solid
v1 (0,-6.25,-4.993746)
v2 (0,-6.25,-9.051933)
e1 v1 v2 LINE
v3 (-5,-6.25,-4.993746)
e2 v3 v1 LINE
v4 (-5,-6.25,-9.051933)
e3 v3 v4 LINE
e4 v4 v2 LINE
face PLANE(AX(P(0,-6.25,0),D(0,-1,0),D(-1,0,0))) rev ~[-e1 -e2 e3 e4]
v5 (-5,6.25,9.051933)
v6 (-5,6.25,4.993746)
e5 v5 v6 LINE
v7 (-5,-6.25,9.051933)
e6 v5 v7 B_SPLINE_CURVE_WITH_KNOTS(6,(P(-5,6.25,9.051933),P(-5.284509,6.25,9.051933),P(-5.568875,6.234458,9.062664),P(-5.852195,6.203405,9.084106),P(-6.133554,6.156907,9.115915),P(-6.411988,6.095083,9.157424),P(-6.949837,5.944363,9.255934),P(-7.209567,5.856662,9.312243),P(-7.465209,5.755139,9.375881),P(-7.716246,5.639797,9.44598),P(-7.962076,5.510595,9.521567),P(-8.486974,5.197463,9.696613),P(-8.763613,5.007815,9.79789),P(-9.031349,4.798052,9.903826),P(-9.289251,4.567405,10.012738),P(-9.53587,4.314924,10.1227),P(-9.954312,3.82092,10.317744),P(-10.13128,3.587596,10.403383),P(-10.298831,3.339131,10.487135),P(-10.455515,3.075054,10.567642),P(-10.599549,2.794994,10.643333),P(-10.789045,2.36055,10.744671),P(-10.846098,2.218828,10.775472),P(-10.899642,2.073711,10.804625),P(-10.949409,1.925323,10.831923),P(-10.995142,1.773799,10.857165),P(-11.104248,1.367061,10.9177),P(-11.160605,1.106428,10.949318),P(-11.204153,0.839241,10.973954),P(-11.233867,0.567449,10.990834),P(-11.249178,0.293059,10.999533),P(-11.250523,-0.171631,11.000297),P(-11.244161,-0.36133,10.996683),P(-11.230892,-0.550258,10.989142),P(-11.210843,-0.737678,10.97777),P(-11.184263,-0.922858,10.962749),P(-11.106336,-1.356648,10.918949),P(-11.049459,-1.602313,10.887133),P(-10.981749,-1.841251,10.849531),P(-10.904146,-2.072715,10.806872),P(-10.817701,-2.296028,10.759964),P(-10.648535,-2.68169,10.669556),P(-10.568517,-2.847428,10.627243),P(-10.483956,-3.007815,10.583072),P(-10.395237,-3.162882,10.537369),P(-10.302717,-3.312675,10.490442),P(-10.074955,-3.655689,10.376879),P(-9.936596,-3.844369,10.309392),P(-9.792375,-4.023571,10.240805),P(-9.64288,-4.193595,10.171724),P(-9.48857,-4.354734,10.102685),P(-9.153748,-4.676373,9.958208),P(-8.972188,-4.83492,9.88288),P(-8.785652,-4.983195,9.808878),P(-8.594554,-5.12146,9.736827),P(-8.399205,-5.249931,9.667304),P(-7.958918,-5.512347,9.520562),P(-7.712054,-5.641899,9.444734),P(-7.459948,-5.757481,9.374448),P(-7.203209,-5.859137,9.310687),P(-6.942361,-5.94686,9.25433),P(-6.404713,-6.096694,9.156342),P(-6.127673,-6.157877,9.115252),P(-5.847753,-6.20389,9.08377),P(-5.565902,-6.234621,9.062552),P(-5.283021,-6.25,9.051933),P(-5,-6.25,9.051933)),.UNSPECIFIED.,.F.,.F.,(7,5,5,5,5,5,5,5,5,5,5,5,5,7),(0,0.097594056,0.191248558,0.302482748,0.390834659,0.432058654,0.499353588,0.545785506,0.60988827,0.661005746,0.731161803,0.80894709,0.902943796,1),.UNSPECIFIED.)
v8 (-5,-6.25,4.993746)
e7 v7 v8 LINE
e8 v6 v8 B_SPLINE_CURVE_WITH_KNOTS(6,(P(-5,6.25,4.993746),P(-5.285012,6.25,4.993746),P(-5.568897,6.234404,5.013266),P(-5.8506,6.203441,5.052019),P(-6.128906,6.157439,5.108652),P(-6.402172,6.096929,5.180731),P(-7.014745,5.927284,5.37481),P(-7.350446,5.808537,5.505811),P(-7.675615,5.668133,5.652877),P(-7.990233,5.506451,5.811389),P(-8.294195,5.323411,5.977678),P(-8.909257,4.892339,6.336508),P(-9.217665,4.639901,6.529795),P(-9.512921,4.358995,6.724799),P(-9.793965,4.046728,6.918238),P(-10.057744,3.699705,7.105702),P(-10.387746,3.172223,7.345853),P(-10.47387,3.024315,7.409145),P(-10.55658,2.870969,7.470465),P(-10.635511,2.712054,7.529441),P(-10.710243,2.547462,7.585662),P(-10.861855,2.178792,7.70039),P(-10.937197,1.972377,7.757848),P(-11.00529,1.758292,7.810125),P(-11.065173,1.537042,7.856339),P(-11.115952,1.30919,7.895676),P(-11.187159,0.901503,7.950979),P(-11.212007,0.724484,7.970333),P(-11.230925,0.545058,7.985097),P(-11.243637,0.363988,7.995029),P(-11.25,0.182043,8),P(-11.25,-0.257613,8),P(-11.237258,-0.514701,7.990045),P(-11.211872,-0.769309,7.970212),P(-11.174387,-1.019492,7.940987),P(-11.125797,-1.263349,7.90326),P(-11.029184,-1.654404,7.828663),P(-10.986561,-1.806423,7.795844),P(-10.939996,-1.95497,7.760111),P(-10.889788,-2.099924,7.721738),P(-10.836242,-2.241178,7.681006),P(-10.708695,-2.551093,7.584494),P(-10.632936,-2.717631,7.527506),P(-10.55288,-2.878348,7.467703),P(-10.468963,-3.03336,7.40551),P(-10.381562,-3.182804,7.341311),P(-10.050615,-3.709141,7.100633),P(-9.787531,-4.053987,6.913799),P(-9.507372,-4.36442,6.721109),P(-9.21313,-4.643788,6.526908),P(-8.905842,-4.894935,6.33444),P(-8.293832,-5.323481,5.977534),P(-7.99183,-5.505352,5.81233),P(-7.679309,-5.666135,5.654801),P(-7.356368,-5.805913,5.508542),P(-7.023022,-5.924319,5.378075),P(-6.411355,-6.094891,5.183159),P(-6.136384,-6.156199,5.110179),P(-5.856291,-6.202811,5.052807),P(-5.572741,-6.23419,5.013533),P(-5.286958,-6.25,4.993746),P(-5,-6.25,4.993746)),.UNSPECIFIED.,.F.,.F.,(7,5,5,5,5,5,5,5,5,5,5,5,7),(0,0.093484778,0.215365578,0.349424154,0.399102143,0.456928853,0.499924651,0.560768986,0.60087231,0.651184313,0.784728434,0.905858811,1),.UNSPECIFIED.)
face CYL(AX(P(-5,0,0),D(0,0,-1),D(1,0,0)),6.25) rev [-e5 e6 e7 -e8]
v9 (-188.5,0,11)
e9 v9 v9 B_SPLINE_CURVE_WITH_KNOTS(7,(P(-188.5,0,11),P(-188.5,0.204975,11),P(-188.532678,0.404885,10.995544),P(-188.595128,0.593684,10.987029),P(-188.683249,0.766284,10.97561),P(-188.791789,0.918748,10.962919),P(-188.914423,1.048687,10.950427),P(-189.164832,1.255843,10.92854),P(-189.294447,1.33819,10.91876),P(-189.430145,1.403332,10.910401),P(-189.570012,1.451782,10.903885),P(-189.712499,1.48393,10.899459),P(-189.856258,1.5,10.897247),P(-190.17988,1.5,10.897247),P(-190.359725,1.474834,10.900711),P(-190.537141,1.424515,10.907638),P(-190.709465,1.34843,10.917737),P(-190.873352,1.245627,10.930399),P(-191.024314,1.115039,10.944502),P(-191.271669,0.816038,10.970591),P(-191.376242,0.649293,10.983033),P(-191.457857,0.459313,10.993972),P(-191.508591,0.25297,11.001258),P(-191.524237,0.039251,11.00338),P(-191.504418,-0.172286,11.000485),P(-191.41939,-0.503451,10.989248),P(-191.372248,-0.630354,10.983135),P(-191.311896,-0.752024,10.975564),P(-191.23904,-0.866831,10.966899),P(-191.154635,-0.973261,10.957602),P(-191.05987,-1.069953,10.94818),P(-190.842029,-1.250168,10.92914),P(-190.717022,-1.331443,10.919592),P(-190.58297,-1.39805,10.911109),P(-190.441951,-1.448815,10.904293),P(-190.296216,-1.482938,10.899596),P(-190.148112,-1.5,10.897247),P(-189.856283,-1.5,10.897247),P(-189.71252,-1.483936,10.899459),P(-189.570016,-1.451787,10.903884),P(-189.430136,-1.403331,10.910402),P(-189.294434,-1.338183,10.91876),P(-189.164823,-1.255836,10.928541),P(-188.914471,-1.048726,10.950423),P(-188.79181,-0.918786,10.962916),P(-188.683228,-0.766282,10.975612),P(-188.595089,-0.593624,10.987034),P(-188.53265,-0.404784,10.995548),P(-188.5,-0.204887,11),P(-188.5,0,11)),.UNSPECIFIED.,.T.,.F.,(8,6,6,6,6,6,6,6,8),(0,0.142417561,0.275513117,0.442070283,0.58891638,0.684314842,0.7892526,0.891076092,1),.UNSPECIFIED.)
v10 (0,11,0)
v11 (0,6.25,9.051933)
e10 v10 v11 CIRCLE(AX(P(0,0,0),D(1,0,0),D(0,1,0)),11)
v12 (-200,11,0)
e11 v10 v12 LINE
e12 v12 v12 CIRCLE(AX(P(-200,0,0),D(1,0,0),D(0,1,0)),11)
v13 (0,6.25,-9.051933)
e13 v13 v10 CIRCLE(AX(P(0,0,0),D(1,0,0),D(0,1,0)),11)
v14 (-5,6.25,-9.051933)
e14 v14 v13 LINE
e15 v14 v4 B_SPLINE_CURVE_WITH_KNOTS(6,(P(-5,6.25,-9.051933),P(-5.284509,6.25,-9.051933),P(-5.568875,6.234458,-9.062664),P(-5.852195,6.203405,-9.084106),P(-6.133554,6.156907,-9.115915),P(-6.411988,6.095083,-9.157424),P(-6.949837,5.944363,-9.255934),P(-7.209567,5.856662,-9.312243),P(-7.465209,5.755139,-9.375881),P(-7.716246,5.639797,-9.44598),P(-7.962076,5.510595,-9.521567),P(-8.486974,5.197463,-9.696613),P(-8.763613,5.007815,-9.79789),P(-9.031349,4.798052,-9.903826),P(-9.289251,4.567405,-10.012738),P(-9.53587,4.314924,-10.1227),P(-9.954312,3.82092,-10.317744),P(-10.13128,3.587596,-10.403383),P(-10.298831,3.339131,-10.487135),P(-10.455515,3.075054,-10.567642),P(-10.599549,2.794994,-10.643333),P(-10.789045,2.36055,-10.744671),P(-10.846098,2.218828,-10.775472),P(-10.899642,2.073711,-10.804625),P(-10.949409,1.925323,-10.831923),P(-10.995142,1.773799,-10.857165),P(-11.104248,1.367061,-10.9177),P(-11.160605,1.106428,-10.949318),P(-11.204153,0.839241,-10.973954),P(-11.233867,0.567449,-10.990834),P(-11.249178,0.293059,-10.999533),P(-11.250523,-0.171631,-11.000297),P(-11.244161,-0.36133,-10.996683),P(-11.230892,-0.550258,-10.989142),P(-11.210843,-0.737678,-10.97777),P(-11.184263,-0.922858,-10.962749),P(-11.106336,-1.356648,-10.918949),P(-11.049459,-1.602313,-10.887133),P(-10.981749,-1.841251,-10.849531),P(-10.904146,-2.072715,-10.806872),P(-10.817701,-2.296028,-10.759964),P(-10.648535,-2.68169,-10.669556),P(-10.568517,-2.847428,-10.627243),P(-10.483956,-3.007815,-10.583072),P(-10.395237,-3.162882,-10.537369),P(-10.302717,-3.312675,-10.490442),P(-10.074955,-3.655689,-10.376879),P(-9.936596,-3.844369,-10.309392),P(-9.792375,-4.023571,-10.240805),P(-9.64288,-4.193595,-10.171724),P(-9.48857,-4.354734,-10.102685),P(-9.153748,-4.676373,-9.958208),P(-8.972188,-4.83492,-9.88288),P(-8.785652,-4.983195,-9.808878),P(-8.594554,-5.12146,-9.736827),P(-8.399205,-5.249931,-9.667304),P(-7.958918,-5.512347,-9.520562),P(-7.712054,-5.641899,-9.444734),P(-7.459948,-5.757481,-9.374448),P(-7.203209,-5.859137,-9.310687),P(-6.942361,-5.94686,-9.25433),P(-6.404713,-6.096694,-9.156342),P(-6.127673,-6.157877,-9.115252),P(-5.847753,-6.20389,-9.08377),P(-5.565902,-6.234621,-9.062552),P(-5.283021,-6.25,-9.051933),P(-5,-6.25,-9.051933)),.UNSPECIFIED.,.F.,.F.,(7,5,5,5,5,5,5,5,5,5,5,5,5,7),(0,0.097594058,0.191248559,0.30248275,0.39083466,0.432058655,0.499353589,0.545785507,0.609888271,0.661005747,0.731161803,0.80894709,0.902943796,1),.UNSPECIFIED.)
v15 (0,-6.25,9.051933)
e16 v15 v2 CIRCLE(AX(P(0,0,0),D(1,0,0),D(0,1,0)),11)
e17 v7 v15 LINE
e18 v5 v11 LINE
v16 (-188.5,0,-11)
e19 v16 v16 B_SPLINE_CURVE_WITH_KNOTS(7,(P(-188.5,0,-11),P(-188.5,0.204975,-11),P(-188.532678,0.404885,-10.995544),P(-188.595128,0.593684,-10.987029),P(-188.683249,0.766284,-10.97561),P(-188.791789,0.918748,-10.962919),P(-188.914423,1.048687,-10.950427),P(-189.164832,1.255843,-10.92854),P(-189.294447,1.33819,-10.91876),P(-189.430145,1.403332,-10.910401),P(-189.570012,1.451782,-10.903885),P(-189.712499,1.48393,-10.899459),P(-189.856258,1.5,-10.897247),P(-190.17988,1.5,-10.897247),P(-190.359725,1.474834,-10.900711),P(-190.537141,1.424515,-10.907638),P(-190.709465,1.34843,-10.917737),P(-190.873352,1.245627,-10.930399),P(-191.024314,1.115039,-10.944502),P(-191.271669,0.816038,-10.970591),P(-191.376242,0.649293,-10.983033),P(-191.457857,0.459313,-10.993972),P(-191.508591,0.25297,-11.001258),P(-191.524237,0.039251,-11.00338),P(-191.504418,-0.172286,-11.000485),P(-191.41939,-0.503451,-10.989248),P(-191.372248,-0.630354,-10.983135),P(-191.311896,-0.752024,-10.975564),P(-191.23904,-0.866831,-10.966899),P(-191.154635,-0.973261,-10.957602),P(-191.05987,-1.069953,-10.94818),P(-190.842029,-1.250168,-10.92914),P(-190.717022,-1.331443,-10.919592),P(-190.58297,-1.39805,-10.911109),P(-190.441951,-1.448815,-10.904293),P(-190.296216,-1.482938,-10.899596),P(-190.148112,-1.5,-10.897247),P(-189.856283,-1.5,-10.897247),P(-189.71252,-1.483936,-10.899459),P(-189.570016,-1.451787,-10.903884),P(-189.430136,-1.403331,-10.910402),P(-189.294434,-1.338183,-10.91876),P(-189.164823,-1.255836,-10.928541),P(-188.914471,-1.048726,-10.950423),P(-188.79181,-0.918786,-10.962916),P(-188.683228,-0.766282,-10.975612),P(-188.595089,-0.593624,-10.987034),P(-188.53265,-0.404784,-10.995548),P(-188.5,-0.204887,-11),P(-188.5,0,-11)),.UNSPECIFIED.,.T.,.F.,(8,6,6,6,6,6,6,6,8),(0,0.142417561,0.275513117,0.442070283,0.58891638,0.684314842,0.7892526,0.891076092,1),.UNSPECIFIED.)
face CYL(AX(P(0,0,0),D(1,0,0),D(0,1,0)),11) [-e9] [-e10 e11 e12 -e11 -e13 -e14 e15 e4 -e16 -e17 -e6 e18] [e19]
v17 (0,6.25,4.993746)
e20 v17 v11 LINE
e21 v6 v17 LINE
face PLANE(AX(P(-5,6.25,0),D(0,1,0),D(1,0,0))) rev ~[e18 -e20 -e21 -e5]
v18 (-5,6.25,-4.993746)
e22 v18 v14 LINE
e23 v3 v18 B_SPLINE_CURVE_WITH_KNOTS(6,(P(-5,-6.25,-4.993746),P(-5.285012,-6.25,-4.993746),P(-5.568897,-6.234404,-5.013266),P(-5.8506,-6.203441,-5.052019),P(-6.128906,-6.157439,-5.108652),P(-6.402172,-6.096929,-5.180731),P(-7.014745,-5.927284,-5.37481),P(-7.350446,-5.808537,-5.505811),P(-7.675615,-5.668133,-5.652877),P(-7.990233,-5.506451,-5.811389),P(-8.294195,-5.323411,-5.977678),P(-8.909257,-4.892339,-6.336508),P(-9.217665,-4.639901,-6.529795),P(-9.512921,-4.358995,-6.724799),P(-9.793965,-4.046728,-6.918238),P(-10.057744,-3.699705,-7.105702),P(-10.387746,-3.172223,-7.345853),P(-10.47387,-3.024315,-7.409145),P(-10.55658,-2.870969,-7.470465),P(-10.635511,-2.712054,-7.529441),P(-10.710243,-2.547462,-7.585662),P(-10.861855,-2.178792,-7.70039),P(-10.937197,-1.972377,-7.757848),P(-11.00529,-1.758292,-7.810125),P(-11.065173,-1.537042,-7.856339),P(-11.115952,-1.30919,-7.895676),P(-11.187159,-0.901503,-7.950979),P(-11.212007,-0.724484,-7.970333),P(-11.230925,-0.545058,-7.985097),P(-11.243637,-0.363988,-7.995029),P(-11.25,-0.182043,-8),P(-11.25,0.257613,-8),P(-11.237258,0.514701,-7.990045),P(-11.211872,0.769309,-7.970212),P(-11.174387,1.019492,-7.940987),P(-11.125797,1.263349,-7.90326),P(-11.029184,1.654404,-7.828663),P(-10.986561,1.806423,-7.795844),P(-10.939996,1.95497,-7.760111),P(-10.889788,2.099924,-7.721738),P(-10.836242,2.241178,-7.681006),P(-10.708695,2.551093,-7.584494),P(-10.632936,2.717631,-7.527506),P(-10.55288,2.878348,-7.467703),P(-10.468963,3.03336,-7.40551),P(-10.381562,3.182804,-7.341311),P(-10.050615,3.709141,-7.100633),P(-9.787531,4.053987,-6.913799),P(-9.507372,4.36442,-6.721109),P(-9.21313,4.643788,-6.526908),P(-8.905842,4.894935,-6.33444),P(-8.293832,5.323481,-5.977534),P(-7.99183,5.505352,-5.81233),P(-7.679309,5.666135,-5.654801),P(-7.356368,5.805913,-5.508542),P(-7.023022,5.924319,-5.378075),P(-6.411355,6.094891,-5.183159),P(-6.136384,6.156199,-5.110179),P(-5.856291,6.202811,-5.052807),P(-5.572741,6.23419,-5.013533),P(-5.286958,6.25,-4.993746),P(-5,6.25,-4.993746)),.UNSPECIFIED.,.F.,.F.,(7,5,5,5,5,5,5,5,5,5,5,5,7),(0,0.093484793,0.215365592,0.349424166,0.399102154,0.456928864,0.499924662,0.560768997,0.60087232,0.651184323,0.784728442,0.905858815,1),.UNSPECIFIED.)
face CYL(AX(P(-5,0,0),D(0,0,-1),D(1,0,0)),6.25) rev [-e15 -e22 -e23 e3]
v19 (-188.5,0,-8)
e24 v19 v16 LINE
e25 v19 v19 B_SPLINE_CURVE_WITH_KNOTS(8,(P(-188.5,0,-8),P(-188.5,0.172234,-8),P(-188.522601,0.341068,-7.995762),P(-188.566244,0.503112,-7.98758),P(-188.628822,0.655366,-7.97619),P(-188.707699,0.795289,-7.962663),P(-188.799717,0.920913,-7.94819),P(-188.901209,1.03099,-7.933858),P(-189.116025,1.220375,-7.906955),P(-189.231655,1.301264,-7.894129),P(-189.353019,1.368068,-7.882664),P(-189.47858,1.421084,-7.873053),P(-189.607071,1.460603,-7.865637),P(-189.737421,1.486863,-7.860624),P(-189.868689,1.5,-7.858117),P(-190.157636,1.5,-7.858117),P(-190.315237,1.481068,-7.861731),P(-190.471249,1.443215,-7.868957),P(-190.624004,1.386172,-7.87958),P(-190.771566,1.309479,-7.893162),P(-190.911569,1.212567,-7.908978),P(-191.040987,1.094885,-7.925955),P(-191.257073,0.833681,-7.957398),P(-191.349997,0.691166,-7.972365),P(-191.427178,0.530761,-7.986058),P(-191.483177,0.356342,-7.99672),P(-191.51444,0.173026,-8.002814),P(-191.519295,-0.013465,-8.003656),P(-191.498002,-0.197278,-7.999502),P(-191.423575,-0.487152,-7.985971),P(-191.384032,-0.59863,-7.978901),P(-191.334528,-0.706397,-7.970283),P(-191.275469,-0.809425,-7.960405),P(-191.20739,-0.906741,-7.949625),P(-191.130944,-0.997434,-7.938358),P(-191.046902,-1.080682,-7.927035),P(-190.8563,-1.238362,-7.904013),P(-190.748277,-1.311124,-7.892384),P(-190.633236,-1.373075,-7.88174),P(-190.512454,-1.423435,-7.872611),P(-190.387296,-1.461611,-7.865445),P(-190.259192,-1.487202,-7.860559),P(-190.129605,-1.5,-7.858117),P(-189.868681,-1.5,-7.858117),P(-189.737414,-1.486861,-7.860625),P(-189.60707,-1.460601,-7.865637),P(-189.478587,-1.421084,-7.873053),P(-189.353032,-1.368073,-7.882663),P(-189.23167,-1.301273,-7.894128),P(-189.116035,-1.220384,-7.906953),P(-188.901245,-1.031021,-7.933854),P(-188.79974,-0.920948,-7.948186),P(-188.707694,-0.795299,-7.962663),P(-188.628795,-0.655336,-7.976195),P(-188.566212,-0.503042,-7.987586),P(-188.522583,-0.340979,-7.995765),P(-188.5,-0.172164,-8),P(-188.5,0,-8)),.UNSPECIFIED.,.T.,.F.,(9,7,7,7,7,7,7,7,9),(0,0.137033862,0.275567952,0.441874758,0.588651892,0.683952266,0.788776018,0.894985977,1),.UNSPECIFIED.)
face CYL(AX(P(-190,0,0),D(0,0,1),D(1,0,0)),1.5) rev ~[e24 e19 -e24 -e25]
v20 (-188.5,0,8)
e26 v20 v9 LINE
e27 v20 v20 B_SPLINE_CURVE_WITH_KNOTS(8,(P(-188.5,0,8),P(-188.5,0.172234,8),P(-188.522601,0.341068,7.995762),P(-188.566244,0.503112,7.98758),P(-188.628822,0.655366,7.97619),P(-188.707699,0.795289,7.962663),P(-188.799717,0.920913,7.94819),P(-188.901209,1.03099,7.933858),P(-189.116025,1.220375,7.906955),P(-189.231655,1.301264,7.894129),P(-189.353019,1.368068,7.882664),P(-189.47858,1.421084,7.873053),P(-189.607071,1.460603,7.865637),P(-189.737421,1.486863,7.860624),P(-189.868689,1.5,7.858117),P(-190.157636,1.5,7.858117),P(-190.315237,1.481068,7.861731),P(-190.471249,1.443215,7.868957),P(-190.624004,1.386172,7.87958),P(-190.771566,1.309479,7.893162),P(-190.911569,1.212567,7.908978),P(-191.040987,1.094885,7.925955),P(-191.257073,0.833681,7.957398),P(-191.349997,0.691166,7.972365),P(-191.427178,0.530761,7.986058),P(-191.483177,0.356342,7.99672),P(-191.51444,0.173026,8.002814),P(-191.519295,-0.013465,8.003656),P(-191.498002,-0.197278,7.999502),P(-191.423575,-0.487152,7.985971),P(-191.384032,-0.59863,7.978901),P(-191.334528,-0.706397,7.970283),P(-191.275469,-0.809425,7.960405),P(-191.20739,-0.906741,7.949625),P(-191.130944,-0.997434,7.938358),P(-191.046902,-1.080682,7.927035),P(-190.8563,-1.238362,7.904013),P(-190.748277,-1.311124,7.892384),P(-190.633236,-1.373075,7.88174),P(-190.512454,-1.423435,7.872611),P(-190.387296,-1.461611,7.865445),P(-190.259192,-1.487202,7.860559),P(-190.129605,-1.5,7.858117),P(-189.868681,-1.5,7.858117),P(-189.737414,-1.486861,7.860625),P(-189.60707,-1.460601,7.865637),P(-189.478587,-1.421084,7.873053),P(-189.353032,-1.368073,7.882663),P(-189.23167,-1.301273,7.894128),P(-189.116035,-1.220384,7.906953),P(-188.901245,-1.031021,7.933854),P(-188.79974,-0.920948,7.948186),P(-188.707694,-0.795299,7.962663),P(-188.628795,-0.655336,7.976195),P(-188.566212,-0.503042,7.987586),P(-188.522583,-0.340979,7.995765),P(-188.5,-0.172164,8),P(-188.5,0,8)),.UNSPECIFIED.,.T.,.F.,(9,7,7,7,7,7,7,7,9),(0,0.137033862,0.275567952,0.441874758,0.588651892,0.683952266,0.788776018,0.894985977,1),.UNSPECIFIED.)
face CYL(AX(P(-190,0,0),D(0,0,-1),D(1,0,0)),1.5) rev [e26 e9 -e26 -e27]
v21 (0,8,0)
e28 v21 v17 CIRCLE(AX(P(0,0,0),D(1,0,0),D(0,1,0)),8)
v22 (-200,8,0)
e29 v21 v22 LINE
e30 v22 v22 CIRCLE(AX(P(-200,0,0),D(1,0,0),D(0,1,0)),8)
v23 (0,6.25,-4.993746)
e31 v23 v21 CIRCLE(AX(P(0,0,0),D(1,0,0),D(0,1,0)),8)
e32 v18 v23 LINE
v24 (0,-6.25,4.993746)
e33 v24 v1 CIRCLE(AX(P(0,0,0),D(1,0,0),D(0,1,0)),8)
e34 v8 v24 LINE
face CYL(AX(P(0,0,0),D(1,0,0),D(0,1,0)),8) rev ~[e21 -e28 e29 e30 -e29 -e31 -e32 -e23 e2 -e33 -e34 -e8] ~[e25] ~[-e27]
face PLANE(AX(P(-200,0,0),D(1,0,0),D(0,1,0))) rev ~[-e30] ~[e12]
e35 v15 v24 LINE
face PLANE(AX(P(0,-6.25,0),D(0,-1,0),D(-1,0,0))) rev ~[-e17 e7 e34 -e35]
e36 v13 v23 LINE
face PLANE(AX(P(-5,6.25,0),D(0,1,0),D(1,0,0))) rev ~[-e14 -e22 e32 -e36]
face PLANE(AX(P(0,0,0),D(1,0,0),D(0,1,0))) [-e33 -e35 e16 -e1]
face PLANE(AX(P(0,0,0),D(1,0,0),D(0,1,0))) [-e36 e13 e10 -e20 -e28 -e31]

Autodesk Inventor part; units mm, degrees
ref_plane "YZ Plane" through (0, 0, 0) normal (1, 0, 0) x (0, 1, 0)
ref_plane "XZ Plane" through (0, 0, 0) normal (0, 1, 0) x (-1, 0, 0)
ref_plane "XY Plane" through (0, 0, 0) normal (0, 0, 1) x (1, 0, 0)
sketch "スケッチ1" plane through (0, 0, 0) normal (1, 0, 0) x (0, 1, 0)
  circle A0 centre (0, 0) radius 11
  circle A1 centre (0, 0) radius 8
  dimension "d0" = 22
  dimension "d1" = 16
extrude "押し出し1" add sketch "スケッチ1" against normal blind 200
sketch "スケッチ2" plane through (0, 0, 0) normal (0, 0, 1) x (1, 0, 0)
  line L0 (0, 0) -> (0, 6.25)
  line L1 (0, -11) -> (0, 11) projected
  line L2 (0, 0) -> (0, -6.25)
  line L3 (0, -6.25) -> (-5, -6.25)
  line L4 (-5, -6.25) -> (-5, 6.25)
  line L5 (-5, 6.25) -> (0, 6.25)
  dimension "d4" = 6.25
  dimension "d5" = 6.25
  dimension "d6" = 5
extrude "押し出し2" cut sketch "スケッチ2" along normal mid plane 200
sketch "スケッチ3" plane through (0, 0, 0) normal (0, 0, 1) x (1, 0, 0)
  line L0 (-5, -6.25) -> (-5, 6.25) projected
  circle A0 centre (-5, 0) radius 6.25
  point P0 (0, 0)
extrude "押し出し3" cut sketch "スケッチ3" along normal mid plane 200 contours A0 L0 picked at (-7.0681, 0.2511)
sketch "スケッチ4" plane through (0, 0, 0) normal (0, 0, 1) x (1, 0, 0)
  circle A0 centre (-190, 0) radius 1.5
  point P0 (0, 0)
  dimension "d11" = 3
extrude "押し出し4" cut sketch "スケッチ4" along normal mid plane 200
thread "ねじ1" size "M3x0.5" class "6H" standard "ANSI Metric M Profile" full length
thread "ねじ2" size "M3x0.5" class "6H" standard "ANSI Metric M Profile" full length
properties part number "vp16_200" material "PVC 配管"
